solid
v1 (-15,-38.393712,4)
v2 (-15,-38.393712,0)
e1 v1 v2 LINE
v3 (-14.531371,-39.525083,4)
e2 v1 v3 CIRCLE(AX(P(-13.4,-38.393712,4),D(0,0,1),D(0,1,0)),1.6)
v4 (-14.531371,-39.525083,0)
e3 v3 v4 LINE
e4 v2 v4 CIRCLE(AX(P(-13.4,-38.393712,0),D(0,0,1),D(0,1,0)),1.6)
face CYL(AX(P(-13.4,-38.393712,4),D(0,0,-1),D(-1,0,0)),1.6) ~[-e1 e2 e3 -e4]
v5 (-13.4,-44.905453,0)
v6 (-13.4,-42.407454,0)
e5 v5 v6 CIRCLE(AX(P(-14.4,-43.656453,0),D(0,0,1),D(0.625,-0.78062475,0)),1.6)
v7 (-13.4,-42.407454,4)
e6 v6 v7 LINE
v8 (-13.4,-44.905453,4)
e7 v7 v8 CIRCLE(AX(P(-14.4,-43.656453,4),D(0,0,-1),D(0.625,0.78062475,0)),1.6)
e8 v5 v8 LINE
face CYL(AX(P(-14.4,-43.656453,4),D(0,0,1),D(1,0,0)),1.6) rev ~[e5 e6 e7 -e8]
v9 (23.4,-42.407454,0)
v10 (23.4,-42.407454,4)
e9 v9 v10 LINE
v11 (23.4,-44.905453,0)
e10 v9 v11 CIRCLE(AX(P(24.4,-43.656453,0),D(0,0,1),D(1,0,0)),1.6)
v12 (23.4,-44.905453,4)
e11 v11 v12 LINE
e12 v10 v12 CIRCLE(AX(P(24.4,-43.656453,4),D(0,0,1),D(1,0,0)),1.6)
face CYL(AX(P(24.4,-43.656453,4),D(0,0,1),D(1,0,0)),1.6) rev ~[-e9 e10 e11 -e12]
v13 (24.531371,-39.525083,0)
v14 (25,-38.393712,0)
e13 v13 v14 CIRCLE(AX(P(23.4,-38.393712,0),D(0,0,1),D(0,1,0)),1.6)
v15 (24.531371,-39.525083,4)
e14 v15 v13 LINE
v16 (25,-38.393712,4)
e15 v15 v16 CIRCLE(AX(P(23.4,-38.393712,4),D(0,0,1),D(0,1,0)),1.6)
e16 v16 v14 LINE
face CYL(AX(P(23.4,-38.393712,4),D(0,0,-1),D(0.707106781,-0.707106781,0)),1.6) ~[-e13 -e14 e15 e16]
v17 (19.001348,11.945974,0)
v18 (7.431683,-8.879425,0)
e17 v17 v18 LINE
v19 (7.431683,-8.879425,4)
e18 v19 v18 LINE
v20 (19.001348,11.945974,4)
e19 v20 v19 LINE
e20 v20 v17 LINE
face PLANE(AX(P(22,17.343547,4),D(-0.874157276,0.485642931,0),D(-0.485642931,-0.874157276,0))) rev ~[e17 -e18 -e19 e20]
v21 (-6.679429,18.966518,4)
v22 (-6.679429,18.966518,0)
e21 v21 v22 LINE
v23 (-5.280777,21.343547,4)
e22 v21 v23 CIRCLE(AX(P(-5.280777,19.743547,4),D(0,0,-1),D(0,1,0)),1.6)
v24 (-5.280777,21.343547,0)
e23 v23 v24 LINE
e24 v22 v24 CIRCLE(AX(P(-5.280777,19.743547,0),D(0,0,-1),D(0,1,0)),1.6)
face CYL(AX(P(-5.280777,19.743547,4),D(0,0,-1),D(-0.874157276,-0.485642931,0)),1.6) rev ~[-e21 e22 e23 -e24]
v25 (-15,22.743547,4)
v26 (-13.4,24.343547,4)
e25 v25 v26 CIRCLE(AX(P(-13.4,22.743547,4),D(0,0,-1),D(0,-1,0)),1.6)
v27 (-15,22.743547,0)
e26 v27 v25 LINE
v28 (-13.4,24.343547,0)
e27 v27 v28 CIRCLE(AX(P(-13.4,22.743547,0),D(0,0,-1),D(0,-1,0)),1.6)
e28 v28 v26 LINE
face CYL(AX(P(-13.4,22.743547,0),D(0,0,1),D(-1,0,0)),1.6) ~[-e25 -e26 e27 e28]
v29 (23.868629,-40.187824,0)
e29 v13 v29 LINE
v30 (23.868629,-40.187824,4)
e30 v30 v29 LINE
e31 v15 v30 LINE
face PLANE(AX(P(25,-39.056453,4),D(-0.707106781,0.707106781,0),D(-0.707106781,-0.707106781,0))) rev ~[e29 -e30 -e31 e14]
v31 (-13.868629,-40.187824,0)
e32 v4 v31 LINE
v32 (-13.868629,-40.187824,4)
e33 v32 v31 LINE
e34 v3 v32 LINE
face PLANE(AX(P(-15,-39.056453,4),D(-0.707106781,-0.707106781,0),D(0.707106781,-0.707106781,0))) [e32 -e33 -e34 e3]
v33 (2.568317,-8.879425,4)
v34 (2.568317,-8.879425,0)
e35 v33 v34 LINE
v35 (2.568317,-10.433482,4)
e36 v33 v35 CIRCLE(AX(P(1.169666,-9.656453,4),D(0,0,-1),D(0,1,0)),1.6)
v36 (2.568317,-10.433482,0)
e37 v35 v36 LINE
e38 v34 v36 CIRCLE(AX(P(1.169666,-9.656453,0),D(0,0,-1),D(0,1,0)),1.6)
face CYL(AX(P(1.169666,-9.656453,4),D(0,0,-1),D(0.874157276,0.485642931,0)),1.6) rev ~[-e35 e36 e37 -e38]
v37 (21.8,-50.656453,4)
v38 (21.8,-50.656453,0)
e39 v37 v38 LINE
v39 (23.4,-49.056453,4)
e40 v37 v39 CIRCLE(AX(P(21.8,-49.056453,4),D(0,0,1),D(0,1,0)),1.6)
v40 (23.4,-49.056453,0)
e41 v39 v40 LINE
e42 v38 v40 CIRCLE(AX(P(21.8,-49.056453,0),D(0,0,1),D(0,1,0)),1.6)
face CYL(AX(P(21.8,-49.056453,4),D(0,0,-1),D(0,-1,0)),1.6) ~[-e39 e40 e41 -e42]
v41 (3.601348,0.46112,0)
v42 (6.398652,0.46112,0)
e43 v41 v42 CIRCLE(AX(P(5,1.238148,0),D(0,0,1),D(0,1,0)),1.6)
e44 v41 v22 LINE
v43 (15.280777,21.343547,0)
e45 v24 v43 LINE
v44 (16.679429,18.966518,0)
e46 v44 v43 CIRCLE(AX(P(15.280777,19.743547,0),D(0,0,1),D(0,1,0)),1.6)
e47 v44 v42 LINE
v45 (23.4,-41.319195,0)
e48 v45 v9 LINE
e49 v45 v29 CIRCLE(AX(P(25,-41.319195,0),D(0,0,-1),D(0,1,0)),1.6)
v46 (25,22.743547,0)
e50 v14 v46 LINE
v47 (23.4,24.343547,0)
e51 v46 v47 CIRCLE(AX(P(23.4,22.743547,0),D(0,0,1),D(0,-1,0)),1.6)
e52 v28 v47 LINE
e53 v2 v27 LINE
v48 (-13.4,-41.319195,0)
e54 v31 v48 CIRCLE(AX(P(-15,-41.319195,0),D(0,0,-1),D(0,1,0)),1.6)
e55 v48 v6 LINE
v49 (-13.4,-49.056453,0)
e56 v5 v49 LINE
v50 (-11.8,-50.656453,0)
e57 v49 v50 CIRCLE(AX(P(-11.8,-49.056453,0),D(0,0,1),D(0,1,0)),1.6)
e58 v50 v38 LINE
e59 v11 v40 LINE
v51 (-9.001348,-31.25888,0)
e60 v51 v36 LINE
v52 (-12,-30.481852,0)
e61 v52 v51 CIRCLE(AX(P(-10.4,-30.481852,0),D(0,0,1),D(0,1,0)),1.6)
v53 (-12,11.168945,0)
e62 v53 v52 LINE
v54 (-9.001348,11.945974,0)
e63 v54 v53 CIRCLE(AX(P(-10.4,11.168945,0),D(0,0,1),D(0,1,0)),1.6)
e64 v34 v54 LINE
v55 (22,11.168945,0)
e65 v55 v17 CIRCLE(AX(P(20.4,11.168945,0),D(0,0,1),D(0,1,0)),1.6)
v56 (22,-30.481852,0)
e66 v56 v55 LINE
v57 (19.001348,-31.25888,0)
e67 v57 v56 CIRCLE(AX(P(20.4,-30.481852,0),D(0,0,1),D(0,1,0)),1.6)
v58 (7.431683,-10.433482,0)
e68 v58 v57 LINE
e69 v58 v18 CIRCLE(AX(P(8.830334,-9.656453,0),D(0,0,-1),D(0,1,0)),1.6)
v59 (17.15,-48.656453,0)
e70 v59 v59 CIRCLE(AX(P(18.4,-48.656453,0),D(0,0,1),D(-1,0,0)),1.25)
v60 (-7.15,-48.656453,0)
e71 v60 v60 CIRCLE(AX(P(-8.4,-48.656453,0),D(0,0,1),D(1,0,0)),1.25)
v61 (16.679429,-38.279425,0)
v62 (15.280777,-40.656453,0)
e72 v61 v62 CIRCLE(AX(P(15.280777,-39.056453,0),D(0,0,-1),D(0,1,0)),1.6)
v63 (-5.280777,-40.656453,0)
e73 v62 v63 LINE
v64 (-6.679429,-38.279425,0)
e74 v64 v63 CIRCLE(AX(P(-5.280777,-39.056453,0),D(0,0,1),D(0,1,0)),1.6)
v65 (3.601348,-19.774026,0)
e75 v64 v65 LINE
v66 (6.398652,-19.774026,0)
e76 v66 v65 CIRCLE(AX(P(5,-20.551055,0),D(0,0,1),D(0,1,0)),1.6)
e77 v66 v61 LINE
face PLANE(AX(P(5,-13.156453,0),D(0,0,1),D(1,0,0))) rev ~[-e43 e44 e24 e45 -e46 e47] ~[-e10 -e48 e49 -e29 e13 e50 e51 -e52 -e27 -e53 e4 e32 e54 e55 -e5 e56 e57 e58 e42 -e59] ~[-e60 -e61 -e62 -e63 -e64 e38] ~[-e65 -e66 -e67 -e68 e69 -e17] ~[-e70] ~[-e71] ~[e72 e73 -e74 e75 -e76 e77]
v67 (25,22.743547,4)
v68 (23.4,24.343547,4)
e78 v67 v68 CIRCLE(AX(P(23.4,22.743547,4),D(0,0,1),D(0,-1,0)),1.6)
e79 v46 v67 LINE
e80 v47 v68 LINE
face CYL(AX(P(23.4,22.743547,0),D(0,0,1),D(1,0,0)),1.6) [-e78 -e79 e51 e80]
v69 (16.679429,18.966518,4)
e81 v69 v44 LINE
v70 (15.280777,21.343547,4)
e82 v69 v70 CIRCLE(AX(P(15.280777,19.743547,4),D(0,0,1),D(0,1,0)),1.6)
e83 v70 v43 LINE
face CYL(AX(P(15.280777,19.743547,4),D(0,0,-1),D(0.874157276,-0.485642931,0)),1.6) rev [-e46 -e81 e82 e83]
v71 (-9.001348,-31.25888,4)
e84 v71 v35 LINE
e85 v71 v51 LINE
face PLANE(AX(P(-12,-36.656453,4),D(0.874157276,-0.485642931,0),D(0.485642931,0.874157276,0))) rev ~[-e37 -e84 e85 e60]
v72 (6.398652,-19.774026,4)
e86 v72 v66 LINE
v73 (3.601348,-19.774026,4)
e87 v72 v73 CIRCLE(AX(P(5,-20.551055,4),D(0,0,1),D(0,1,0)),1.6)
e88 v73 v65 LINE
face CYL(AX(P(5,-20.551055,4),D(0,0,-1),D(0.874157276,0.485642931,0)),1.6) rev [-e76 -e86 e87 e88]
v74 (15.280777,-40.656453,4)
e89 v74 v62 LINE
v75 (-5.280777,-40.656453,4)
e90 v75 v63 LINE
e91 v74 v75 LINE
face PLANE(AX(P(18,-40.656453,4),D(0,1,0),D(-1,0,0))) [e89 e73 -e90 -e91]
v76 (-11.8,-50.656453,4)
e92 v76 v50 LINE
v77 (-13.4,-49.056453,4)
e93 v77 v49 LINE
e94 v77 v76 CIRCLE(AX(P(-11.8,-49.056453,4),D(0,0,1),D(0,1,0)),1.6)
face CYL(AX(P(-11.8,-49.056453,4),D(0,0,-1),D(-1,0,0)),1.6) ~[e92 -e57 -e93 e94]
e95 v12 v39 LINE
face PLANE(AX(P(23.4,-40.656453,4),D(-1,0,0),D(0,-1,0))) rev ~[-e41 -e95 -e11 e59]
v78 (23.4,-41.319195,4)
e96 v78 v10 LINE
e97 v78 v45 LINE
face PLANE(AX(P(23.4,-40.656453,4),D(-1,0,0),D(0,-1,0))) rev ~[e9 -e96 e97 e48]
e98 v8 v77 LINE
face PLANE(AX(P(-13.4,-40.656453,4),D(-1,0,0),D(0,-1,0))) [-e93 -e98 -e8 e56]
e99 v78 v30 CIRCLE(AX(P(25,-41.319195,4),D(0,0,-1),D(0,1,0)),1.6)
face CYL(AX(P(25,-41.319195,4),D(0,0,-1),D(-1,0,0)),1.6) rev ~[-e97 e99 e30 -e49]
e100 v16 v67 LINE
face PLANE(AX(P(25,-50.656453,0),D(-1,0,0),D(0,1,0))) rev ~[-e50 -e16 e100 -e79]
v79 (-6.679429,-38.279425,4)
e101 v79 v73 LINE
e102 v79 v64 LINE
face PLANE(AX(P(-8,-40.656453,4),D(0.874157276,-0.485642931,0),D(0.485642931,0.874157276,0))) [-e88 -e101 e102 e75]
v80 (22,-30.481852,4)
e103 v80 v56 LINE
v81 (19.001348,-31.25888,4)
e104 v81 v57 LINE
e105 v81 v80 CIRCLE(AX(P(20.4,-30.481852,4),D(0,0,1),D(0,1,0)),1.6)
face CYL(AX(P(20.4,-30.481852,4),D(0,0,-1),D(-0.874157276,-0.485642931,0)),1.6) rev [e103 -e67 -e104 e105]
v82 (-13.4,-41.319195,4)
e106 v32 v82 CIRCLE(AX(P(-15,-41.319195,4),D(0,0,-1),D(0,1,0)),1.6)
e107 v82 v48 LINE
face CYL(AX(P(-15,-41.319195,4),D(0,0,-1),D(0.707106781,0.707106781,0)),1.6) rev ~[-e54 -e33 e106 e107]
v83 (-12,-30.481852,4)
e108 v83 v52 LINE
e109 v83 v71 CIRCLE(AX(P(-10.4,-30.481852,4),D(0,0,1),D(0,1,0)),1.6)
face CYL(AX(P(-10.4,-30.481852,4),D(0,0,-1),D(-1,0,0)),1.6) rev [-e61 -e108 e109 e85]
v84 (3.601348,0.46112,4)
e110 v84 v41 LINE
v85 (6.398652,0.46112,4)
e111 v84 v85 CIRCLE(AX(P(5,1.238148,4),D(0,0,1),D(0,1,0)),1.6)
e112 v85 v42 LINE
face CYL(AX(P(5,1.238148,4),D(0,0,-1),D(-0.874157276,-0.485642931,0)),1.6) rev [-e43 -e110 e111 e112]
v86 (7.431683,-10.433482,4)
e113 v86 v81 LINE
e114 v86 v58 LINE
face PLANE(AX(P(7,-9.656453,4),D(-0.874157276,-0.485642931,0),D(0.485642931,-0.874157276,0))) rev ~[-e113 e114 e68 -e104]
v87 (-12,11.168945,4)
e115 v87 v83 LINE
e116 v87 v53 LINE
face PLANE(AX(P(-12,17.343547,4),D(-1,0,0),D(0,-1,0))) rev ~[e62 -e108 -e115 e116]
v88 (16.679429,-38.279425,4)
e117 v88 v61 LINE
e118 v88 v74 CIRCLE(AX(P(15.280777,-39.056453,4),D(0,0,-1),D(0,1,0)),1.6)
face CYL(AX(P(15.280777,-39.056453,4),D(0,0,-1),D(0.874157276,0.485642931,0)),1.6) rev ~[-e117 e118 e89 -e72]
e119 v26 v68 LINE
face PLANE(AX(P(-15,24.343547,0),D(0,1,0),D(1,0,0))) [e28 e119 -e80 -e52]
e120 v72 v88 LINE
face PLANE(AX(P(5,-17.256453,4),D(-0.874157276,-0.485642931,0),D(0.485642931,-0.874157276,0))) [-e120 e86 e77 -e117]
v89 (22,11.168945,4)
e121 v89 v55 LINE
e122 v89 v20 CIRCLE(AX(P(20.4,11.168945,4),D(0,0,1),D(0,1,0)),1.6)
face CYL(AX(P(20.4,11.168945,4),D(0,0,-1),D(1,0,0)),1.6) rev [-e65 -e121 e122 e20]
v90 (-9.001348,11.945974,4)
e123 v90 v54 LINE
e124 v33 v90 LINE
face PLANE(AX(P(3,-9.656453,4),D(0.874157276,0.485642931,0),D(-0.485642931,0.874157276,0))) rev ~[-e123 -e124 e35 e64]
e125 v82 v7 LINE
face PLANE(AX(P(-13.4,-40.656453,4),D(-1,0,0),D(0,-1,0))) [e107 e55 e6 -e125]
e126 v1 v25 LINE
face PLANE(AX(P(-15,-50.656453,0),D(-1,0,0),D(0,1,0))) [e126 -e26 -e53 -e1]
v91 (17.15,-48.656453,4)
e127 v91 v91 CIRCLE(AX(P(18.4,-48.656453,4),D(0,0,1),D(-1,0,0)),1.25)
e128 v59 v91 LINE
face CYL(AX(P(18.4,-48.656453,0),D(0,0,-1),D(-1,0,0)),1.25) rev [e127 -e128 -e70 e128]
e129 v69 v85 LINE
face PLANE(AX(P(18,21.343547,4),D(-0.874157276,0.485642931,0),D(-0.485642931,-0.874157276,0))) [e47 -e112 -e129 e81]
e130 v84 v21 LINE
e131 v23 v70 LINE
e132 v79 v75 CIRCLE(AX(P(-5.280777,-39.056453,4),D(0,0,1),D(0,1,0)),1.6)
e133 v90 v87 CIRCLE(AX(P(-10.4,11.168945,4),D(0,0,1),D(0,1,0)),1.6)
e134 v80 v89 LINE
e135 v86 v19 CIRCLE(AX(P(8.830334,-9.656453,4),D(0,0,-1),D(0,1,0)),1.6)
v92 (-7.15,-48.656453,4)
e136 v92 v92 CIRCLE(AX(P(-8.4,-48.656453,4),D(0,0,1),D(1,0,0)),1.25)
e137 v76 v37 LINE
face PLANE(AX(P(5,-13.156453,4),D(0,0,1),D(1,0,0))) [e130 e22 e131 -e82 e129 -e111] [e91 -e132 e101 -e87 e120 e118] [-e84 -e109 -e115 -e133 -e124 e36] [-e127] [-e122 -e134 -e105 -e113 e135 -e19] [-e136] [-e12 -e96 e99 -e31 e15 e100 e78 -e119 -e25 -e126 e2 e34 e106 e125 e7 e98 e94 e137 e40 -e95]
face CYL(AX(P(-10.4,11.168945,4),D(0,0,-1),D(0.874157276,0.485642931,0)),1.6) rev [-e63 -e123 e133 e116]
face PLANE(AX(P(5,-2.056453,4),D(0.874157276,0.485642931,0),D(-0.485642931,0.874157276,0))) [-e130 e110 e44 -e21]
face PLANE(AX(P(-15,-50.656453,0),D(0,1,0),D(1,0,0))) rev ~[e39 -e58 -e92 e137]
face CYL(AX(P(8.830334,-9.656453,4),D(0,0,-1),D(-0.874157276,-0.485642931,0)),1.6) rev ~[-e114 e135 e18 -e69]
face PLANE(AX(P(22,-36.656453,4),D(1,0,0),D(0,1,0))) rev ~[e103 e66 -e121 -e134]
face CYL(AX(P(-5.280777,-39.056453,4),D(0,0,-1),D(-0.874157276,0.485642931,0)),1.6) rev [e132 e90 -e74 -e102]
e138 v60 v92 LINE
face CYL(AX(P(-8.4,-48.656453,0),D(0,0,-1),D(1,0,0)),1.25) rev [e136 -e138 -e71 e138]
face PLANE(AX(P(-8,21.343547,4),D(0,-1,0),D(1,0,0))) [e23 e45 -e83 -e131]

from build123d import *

# Parameters (mm, degrees)
CROQUIS1_W              = 40
CROQUIS1_H              = 75
CROQUIS1_R              = 1.25
SALIENTE_EXTRUIR1_DEPTH = 4
CORTAR_EXTRUIR1_DEPTH   = 4
CORTAR_EXTRUIR2_DEPTH   = 4
CROQUIS4_R              = 1.6
CORTAR_EXTRUIR3_DEPTH   = 4
REDONDEO2_R             = 1.6


with BuildPart() as part:
    # Croquis1 → Saliente-Extruir1 (new body)
    with BuildSketch(Plane.XY):
        with Locations((5, -13.156453444)):
            Rectangle(CROQUIS1_W, CROQUIS1_H)
        with Locations((-8.4, -48.656453444)):
            Circle(CROQUIS1_R, mode=Mode.SUBTRACT)
        with Locations(Location((18.4, -48.656453444, 0), (0, 0, 180))):
            Circle(CROQUIS1_R, mode=Mode.SUBTRACT)
    extrude(amount=SALIENTE_EXTRUIR1_DEPTH)

    # Croquis2 → Cortar-Extruir1 (cut)
    with BuildSketch(Plane.XY.offset(4)):
        Polygon((-12, -36.656453444), (3, -9.656453444), (-12, 17.343546556), align=None)
        Polygon((-8, -40.656453444), (5, -17.256453444), (18, -40.656453444), align=None)
        Polygon((18, 21.343546556), (5, -2.056453444), (-8, 21.343546556), align=None)
        Polygon((22, 17.343546556), (7, -9.656453444), (22, -36.656453444), align=None)
    extrude(amount=-CORTAR_EXTRUIR1_DEPTH, mode=Mode.SUBTRACT)

    # Croquis3 → Cortar-Extruir2 (cut)
    with BuildSketch(Plane.XY.offset(4)):
        Polygon((-13.4, -50.656453444), (-15, -50.656453444), (-15, -40.656453444), (-15, -39.056453444), (-13.4, -40.656453444), align=None)
        Polygon((25, -50.656453444), (25, -40.656453444), (25, -39.056453444), (23.4, -40.656453444), (23.4, -50.656453444), align=None)
    extrude(amount=-CORTAR_EXTRUIR2_DEPTH, mode=Mode.SUBTRACT)

    # Croquis4 → Cortar-Extruir3 (cut)
    with BuildSketch(Plane.XY.offset(4)):
        with Locations((-14.4, -43.656453444)):
            Circle(CROQUIS4_R)
        with Locations((24.4, -43.656453444)):
            Circle(CROQUIS4_R)
    extrude(amount=-CORTAR_EXTRUIR3_DEPTH, mode=Mode.SUBTRACT)

    # Redondeo2
    redondeo2_edges = [part.edges().sort_by_distance(p)[0] for p in [
        (18, -40.656453444, 2),
        (-8, -40.656453444, 2),
        (5, -17.256453444, 2),
        (-8, 21.343546556, 2),
        (18, 21.343546556, 2),
        (5, -2.056453444, 2),
        (22, 17.343546556, 2),
        (22, -36.656453444, 2),
        (7, -9.656453444, 2),
        (-12, -36.656453444, 2),
        (-12, 17.343546556, 2),
        (3, -9.656453444, 2),
        (-15, 24.343546556, 2),
        (25, 24.343546556, 2),
        (-13.4, -40.656453444, 2),
        (-13.4, -50.656453444, 2),
        (-15, -39.056453444, 2),
        (23.4, -50.656453444, 2),
        (23.4, -40.656453444, 2),
        (25, -39.056453444, 2),
    ]]
    fillet(redondeo2_edges, radius=REDONDEO2_R)


solid = part.part
